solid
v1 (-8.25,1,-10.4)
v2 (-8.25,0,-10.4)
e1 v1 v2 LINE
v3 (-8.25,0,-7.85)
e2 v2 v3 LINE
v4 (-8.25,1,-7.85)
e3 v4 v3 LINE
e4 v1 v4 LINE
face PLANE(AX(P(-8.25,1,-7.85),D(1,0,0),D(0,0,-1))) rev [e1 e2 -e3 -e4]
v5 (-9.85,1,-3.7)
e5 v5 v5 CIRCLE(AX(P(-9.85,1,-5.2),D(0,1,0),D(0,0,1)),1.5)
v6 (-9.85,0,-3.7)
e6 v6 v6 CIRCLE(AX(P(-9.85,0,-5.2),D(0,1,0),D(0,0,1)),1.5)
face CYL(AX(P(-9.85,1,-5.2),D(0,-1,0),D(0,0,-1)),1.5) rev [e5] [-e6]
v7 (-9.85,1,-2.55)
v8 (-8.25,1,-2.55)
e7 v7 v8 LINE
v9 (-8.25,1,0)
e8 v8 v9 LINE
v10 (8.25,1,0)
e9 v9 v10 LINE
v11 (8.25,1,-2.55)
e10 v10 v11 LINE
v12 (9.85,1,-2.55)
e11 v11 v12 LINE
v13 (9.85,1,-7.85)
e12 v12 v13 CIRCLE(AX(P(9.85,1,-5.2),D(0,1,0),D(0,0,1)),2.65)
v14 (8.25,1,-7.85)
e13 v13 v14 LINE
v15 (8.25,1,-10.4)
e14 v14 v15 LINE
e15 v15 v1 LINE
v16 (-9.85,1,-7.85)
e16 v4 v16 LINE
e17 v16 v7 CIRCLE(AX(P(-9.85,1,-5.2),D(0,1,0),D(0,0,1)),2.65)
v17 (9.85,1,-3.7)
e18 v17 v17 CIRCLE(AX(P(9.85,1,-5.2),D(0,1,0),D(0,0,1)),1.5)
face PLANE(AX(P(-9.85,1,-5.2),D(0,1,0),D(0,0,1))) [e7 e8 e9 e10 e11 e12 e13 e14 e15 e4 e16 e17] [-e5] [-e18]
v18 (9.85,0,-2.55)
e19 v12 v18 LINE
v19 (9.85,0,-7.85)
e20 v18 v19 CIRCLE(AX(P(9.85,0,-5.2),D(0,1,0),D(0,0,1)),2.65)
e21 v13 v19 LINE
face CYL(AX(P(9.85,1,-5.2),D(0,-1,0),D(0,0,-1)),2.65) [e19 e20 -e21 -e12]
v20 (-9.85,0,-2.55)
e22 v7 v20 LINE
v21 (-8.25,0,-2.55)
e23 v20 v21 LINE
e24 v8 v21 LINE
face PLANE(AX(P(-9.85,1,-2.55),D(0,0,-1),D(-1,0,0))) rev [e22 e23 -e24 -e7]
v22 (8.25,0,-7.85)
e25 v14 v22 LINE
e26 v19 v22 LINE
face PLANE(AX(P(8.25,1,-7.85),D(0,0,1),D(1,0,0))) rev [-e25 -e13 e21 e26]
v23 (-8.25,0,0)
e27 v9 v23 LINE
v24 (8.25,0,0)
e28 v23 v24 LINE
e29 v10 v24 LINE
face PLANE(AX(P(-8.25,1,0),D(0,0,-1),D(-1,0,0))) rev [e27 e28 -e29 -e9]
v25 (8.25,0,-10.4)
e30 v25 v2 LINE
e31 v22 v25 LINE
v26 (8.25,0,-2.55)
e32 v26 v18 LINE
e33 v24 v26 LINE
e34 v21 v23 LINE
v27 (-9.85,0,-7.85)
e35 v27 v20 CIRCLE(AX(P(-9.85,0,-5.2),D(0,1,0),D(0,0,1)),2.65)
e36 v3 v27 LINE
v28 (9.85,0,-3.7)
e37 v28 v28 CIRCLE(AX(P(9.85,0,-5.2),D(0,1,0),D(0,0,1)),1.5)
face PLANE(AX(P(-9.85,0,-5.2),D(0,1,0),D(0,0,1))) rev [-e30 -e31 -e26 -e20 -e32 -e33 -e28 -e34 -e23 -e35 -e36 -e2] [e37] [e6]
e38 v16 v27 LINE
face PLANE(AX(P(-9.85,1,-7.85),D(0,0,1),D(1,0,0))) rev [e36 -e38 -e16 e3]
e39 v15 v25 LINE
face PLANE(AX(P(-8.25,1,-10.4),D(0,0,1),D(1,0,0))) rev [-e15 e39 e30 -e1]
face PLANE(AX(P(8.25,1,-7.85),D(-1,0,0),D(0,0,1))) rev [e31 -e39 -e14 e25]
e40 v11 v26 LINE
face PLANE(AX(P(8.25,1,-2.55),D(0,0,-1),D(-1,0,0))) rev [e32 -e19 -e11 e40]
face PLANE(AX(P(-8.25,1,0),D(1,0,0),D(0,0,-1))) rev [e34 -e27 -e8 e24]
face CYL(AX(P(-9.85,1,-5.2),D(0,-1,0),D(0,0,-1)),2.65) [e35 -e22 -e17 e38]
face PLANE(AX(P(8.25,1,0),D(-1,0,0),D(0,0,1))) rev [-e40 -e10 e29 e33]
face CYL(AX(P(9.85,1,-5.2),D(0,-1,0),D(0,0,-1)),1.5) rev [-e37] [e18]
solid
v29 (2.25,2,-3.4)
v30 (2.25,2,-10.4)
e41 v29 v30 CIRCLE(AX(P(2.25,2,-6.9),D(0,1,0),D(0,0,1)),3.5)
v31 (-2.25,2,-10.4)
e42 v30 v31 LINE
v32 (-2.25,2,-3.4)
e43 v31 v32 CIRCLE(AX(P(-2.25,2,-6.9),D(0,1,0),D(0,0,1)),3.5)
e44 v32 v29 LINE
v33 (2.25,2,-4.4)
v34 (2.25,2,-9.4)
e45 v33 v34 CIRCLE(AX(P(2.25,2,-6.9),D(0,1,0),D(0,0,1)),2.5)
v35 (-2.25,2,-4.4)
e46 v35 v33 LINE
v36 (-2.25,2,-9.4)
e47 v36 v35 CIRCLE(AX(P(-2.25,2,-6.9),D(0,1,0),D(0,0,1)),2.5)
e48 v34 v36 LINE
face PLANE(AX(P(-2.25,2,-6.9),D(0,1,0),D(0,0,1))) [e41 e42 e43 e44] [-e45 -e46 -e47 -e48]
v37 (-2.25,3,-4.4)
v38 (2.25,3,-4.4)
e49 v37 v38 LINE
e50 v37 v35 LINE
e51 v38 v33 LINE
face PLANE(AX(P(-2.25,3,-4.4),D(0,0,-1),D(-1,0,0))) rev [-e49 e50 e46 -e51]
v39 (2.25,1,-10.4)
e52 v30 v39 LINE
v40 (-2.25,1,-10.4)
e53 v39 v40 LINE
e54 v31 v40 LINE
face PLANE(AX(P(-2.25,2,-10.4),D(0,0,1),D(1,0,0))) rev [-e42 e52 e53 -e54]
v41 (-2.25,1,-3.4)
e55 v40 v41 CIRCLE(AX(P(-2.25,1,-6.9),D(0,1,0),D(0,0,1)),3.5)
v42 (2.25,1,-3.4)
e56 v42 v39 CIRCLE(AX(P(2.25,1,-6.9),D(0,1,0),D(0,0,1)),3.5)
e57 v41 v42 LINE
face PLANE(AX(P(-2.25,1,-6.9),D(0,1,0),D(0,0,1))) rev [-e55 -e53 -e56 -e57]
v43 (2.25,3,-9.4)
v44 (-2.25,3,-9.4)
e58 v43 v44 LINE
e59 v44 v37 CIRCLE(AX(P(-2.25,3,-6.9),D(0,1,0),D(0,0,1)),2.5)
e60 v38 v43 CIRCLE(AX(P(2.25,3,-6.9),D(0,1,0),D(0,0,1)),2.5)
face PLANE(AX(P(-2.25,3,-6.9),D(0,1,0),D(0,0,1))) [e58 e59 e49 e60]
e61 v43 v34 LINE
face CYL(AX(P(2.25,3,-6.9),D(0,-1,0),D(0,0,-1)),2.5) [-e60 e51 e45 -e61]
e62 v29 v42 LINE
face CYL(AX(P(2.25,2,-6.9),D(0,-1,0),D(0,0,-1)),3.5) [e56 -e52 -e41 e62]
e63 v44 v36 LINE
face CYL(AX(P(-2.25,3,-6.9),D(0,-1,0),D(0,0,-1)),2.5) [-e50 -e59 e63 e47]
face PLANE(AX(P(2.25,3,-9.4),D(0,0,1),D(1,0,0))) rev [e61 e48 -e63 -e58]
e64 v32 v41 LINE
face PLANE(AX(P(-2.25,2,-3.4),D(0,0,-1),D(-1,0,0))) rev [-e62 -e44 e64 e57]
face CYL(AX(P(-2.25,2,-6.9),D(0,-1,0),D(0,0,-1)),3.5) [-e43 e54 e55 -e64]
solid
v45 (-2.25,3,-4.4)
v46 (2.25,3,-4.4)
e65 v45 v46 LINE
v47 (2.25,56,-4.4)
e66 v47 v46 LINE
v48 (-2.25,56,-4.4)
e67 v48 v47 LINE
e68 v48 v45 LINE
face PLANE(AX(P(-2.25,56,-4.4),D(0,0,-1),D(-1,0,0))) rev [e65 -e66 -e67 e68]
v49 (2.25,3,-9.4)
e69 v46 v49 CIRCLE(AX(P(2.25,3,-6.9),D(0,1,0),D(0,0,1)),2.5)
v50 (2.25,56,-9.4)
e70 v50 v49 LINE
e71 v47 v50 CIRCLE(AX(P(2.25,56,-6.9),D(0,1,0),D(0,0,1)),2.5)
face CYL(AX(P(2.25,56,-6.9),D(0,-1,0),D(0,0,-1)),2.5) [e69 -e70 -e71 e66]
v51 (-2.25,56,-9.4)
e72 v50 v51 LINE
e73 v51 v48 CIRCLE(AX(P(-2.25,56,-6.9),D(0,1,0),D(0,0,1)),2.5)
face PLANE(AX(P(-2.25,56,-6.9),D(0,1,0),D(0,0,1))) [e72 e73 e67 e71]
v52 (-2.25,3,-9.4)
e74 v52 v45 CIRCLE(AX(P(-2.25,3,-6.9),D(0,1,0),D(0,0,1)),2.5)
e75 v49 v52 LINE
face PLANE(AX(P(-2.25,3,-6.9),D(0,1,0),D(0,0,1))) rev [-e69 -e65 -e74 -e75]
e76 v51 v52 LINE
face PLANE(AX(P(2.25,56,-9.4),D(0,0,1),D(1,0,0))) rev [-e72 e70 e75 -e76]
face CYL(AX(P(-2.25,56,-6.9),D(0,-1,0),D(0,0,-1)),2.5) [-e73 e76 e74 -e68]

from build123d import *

# Parameters (mm, degrees)
SKETCH1_R           = 1.5
BOSS_EXTRUDE1_DEPTH = 1
BOSS_EXTRUDE2_DEPTH = 1
BOSS_EXTRUDE4_DEPTH = 1
BOSS_EXTRUDE5_DEPTH = 53


with BuildPart() as part:
    # Sketch1 → Boss-Extrude1 (new body)
    with BuildSketch(Plane(origin=(0, 0, 0), x_dir=(1, 0, 0), z_dir=(0, 1, 0))):
        with BuildLine():
            Line((-8.25, 0), (8.25, 0))
            Line((8.25, 0), (8.25, 2.55))
            Line((8.25, 2.55), (9.85, 2.55))
            ThreePointArc((9.85, 2.55), (12.5, 5.2), (9.85, 7.85))
            Line((9.85, 7.85), (8.25, 7.85))
            Line((8.25, 7.85), (8.25, 10.4))
            Line((8.25, 10.4), (-8.25, 10.4))
            Line((-8.25, 10.4), (-8.25, 7.85))
            Line((-8.25, 7.85), (-9.85, 7.85))
            ThreePointArc((-9.85, 7.85), (-12.5, 5.2), (-9.85, 2.55))
            Line((-9.85, 2.55), (-8.25, 2.55))
            Line((-8.25, 2.55), (-8.25, 0))
        make_face()
        with Locations(Location((9.85, 5.2, 0), (0, 0, 270))):
            Circle(SKETCH1_R, mode=Mode.SUBTRACT)
        with Locations(Location((-9.85, 5.2, 0), (0, 0, 270))):
            Circle(SKETCH1_R, mode=Mode.SUBTRACT)
    extrude(amount=BOSS_EXTRUDE1_DEPTH)


with BuildPart() as body_2:
    # Sketch2 → Boss-Extrude2 (new body)
    with BuildSketch(Plane(origin=(0, 1, 0), x_dir=(1, 0, 0), z_dir=(0, 1, 0))):
        with BuildLine():
            Line((-2.25, 10.4), (2.25, 10.4))
            ThreePointArc((2.25, 10.4), (5.75, 6.9), (2.25, 3.4))
            Line((2.25, 3.4), (-2.25, 3.4))
            ThreePointArc((-2.25, 3.4), (-5.75, 6.9), (-2.25, 10.4))
        make_face()
    extrude(amount=BOSS_EXTRUDE2_DEPTH)

    # Sketch3 → Boss-Extrude4 (add)
    with BuildSketch(Plane(origin=(0, 2, 0), x_dir=(1, 0, 0), z_dir=(0, 1, 0))):
        with BuildLine():
            Line((-2.25, 4.4), (2.25, 4.4))
            ThreePointArc((2.25, 4.4), (4.75, 6.9), (2.25, 9.4))
            Line((2.25, 9.4), (-2.25, 9.4))
            ThreePointArc((-2.25, 9.4), (-4.75, 6.9), (-2.25, 4.4))
        make_face()
    extrude(amount=BOSS_EXTRUDE4_DEPTH)


with BuildPart() as body_3:
    # Sketch4 → Boss-Extrude5 (new body)
    with BuildSketch(Plane(origin=(0, 3, 0), x_dir=(1, 0, 0), z_dir=(0, 1, 0))):
        with BuildLine():
            Line((-2.25, 4.4), (2.25, 4.4))
            ThreePointArc((2.25, 4.4), (4.75, 6.9), (2.25, 9.4))
            Line((2.25, 9.4), (-2.25, 9.4))
            ThreePointArc((-2.25, 9.4), (-4.75, 6.9), (-2.25, 4.4))
        make_face()
    extrude(amount=BOSS_EXTRUDE5_DEPTH)


solid = Compound([part.part, body_2.part, body_3.part])
